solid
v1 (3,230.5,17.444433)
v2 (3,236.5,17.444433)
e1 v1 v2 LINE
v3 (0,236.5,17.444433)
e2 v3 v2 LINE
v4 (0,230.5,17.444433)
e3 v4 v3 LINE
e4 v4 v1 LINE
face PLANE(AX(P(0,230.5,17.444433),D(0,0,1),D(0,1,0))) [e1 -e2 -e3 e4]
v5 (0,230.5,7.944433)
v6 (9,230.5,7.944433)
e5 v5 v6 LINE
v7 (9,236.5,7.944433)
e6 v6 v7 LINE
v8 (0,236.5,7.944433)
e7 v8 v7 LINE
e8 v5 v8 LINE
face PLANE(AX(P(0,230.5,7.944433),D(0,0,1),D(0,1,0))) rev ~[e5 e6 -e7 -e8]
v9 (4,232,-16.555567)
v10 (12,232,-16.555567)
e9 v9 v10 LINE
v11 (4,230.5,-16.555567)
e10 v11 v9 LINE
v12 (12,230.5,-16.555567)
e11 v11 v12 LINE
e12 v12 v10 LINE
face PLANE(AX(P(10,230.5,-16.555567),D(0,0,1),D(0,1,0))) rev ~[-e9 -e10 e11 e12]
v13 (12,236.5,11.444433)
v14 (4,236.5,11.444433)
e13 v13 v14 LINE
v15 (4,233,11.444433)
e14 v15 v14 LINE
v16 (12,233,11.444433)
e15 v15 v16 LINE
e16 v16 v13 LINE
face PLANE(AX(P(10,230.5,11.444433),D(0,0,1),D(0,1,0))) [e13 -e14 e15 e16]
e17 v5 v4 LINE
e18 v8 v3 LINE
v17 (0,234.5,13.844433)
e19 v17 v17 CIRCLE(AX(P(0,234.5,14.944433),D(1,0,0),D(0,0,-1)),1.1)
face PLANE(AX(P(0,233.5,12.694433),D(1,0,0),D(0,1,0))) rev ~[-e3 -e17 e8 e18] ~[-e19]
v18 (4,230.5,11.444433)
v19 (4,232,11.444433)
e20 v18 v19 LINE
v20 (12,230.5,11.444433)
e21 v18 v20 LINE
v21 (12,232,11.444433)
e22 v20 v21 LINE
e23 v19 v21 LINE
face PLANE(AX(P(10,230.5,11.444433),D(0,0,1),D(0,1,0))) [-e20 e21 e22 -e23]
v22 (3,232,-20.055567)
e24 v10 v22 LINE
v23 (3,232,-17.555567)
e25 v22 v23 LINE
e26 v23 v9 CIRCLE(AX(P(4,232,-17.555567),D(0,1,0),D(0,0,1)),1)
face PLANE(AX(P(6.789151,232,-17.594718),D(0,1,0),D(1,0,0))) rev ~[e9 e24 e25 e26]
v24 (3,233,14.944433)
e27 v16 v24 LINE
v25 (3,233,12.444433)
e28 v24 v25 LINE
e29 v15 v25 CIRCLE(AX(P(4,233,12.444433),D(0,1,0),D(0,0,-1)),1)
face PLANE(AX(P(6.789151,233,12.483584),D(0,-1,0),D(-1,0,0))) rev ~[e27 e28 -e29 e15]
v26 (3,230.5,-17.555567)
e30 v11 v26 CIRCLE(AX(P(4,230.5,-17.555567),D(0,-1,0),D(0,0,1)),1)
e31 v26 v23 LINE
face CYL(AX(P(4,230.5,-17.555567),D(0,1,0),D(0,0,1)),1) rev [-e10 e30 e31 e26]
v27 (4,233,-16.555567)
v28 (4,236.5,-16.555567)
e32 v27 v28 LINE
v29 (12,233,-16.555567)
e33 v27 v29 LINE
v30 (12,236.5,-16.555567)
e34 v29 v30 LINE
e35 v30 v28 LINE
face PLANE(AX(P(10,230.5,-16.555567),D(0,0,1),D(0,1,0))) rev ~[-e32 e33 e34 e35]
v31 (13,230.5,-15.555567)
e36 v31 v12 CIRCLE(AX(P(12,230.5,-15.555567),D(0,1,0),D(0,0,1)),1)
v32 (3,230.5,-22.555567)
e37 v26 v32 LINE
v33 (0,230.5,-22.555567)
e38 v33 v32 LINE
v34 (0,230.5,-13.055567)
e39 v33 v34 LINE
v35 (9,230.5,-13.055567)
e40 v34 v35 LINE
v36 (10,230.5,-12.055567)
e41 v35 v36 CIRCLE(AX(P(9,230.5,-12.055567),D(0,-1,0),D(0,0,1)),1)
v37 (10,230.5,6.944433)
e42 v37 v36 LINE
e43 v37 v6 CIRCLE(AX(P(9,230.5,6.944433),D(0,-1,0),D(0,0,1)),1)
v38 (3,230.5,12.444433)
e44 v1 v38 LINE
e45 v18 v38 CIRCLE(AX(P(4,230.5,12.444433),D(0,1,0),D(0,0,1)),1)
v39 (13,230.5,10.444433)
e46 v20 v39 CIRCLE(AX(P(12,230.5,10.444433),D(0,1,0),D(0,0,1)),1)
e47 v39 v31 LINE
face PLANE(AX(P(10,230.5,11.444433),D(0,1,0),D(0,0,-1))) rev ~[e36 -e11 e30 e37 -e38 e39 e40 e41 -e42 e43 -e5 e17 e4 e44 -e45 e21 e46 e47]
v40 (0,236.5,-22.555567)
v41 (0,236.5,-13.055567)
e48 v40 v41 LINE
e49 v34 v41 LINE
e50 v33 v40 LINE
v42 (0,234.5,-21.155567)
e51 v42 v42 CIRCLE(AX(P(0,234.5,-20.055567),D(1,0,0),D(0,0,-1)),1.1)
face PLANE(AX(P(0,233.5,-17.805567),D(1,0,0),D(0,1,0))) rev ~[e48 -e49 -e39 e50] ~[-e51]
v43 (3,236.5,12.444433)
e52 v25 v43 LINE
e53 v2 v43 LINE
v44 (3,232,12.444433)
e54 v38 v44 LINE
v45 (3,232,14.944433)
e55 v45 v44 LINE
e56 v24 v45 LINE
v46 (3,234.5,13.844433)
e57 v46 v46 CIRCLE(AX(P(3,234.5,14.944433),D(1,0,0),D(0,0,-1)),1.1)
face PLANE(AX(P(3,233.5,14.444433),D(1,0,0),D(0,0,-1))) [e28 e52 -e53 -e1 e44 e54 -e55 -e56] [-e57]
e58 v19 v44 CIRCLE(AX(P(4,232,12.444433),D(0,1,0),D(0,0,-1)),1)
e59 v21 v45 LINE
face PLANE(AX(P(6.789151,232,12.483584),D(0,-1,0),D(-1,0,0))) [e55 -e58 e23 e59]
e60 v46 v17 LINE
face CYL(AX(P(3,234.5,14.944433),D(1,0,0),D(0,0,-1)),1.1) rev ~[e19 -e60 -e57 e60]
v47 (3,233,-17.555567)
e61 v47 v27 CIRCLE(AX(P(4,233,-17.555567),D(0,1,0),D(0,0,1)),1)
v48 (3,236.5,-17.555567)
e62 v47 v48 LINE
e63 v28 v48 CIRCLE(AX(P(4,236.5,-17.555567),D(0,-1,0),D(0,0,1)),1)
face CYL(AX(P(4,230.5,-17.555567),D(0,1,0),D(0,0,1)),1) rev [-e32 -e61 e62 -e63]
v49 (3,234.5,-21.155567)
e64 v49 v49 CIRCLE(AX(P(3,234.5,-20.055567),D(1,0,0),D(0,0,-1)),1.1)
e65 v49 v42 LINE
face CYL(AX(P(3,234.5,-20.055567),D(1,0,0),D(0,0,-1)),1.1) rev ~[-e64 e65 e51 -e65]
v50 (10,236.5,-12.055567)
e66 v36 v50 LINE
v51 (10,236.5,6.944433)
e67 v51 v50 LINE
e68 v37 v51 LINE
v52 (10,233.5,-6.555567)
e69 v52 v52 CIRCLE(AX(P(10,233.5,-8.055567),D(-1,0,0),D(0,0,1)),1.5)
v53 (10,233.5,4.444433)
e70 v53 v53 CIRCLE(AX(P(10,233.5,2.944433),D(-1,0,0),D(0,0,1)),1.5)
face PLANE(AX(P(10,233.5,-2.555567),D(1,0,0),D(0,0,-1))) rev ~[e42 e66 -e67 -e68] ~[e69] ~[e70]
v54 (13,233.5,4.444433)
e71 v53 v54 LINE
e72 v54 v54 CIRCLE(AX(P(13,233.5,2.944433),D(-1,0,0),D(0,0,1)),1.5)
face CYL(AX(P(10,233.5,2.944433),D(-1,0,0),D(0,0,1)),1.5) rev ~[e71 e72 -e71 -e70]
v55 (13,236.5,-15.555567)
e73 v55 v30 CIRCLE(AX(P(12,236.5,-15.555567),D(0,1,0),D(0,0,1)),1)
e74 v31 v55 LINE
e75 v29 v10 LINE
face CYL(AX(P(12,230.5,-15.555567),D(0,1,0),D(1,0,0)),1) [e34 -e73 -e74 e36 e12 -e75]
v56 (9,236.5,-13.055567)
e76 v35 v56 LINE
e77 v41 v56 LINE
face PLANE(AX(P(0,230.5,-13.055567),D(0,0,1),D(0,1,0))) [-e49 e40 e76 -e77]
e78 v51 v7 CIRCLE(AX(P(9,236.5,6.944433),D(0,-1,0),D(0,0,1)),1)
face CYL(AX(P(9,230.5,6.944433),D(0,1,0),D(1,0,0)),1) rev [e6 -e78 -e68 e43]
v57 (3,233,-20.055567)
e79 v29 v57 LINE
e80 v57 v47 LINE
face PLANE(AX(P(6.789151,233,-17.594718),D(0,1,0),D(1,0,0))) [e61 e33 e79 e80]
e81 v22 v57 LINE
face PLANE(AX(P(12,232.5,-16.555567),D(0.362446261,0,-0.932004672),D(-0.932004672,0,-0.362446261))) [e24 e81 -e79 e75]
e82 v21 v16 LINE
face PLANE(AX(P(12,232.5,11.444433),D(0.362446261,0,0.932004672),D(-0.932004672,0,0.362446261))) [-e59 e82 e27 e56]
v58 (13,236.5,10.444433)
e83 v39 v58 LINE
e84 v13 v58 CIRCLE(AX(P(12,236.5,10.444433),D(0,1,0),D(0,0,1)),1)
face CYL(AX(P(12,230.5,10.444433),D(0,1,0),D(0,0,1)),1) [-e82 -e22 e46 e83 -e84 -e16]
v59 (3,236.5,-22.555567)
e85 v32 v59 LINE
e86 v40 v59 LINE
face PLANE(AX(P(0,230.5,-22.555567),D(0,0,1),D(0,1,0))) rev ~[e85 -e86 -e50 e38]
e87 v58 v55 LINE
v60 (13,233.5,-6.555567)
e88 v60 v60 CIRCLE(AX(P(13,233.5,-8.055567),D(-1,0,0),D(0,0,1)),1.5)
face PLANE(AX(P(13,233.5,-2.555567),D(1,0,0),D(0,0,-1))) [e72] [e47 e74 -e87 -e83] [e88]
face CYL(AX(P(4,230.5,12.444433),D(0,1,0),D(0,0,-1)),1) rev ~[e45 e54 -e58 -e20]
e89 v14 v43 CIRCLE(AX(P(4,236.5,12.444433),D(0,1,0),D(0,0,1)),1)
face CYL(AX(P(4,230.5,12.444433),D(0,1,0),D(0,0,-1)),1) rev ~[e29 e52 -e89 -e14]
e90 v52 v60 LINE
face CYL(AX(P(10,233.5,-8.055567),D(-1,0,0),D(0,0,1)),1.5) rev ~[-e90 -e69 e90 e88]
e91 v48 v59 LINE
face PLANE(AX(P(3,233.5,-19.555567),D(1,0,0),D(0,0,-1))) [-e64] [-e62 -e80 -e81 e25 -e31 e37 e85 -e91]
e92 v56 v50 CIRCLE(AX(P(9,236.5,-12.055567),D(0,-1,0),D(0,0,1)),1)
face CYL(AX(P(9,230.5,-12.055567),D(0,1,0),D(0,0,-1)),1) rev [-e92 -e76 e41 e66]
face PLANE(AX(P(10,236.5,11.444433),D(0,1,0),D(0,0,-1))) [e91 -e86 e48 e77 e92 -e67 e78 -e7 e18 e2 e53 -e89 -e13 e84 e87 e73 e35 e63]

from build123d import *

# Parameters (mm, degrees)
SKETCH1_W             = 6
SKETCH1_H             = 9.5
BOSS_EXTRUDE1_DEPTH   = 10
BOSS_EXTRUDE1_2_DEPTH = 10
SKETCH2_W             = 6
SKETCH2_H             = 6
CUT_EXTRUDE1_DEPTH    = 7
SKETCH3_W             = 28
SKETCH3_H             = 6
BOSS_EXTRUDE2_DEPTH   = 3
SKETCH4_R             = 1.5
CUT_EXTRUDE2_DEPTH    = 3
FILLET1_R             = 1
BOSS_EXTRUDE3_DEPTH   = 0.5
SKETCH6_R             = 1.1
CUT_EXTRUDE3_DEPTH    = 3


with BuildPart() as part:
    # Sketch1 → Boss-Extrude1 (new body)
    with BuildSketch(Plane.YZ):
        with Locations((233.5, -17.805567315)):
            Rectangle(SKETCH1_W, SKETCH1_H)
    extrude(amount=BOSS_EXTRUDE1_DEPTH)


with BuildPart() as body_2:
    # Sketch1 → Boss-Extrude1 2 (new body)
    with BuildSketch(Plane.YZ):
        with Locations((233.5, 12.694432685)):
            Rectangle(SKETCH1_W, SKETCH1_H)
    extrude(amount=BOSS_EXTRUDE1_2_DEPTH)


with BuildPart() as cut_extrude1_tool:
    # Sketch2 → Cut-Extrude1 (new body)
    with BuildSketch(Plane(origin=(10, 0, 0), x_dir=(0, 0, -1), z_dir=(1, 0, 0))):
        with Locations((-14.444432685, 233.5)):
            Rectangle(SKETCH2_W, SKETCH2_H)
        with Locations((19.555567315, 233.5)):
            Rectangle(SKETCH2_W, SKETCH2_H)
    extrude(amount=-CUT_EXTRUDE1_DEPTH)


with BuildPart() as part_1:
    add(part.part)

    # Cut-Extrude1: cut by cut_extrude1_tool
    add(cut_extrude1_tool.part, mode=Mode.SUBTRACT)



with BuildPart() as body_2_1:
    add(body_2.part)

    # Cut-Extrude1: cut by cut_extrude1_tool
    add(cut_extrude1_tool.part, mode=Mode.SUBTRACT)


with BuildPart() as part_2:
    add(part_1.part)

    add(body_2_1.part)  # Boss-Extrude2 merges body 2
    # Sketch3 → Boss-Extrude2 (add)
    with BuildSketch(Plane(origin=(10, 0, 0), x_dir=(0, 0, -1), z_dir=(1, 0, 0))):
        with Locations((2.555567315, 233.5)):
            Rectangle(SKETCH3_W, SKETCH3_H)
    extrude(amount=BOSS_EXTRUDE2_DEPTH)

    # Sketch4 → Cut-Extrude2 (cut)
    with BuildSketch(Plane.ZY.offset(-10)):
        with Locations((-8.055567315, 233.5)):
            Circle(SKETCH4_R)
        with Locations((2.944432685, 233.5)):
            Circle(SKETCH4_R)
    extrude(amount=-CUT_EXTRUDE2_DEPTH, mode=Mode.SUBTRACT)

    # Fillet1
    fillet1_edges = [part_2.edges().sort_by_distance(p)[0] for p in [
        (10, 233.5, -13.055567315),
        (3, 233.5, -16.555567315),
        (13, 233.5, 11.444432685),
        (13, 233.5, -16.555567315),
        (10, 233.5, 7.944432685),
        (3, 233.5, 11.444432685),
    ]]
    fillet(fillet1_edges, radius=FILLET1_R)

    # Sketch5 → Boss-Extrude3 (add, symmetric)
    with BuildSketch(Plane(origin=(0, 232.5, 0), x_dir=(-1, 0, 0), z_dir=(0, -1, 0))):
        Polygon((-12, 16.555567315), (-3, 20.055567315), (-3, 16.555567315), align=None)
        Polygon((-12, -11.444432685), (-3, -14.944432685), (-3, -11.444432685), align=None)
    extrude(amount=BOSS_EXTRUDE3_DEPTH, both=True)

    # Sketch6 → Cut-Extrude3 (cut)
    with BuildSketch(Plane(origin=(3, 0, 0), x_dir=(0, 0, -1), z_dir=(1, 0, 0))):
        with Locations((20.055567315, 234.5)):
            Circle(SKETCH6_R)
        with Locations((-14.944432685, 234.5)):
            Circle(SKETCH6_R)
    extrude(amount=-CUT_EXTRUDE3_DEPTH, mode=Mode.SUBTRACT)


solid = part_2.part
